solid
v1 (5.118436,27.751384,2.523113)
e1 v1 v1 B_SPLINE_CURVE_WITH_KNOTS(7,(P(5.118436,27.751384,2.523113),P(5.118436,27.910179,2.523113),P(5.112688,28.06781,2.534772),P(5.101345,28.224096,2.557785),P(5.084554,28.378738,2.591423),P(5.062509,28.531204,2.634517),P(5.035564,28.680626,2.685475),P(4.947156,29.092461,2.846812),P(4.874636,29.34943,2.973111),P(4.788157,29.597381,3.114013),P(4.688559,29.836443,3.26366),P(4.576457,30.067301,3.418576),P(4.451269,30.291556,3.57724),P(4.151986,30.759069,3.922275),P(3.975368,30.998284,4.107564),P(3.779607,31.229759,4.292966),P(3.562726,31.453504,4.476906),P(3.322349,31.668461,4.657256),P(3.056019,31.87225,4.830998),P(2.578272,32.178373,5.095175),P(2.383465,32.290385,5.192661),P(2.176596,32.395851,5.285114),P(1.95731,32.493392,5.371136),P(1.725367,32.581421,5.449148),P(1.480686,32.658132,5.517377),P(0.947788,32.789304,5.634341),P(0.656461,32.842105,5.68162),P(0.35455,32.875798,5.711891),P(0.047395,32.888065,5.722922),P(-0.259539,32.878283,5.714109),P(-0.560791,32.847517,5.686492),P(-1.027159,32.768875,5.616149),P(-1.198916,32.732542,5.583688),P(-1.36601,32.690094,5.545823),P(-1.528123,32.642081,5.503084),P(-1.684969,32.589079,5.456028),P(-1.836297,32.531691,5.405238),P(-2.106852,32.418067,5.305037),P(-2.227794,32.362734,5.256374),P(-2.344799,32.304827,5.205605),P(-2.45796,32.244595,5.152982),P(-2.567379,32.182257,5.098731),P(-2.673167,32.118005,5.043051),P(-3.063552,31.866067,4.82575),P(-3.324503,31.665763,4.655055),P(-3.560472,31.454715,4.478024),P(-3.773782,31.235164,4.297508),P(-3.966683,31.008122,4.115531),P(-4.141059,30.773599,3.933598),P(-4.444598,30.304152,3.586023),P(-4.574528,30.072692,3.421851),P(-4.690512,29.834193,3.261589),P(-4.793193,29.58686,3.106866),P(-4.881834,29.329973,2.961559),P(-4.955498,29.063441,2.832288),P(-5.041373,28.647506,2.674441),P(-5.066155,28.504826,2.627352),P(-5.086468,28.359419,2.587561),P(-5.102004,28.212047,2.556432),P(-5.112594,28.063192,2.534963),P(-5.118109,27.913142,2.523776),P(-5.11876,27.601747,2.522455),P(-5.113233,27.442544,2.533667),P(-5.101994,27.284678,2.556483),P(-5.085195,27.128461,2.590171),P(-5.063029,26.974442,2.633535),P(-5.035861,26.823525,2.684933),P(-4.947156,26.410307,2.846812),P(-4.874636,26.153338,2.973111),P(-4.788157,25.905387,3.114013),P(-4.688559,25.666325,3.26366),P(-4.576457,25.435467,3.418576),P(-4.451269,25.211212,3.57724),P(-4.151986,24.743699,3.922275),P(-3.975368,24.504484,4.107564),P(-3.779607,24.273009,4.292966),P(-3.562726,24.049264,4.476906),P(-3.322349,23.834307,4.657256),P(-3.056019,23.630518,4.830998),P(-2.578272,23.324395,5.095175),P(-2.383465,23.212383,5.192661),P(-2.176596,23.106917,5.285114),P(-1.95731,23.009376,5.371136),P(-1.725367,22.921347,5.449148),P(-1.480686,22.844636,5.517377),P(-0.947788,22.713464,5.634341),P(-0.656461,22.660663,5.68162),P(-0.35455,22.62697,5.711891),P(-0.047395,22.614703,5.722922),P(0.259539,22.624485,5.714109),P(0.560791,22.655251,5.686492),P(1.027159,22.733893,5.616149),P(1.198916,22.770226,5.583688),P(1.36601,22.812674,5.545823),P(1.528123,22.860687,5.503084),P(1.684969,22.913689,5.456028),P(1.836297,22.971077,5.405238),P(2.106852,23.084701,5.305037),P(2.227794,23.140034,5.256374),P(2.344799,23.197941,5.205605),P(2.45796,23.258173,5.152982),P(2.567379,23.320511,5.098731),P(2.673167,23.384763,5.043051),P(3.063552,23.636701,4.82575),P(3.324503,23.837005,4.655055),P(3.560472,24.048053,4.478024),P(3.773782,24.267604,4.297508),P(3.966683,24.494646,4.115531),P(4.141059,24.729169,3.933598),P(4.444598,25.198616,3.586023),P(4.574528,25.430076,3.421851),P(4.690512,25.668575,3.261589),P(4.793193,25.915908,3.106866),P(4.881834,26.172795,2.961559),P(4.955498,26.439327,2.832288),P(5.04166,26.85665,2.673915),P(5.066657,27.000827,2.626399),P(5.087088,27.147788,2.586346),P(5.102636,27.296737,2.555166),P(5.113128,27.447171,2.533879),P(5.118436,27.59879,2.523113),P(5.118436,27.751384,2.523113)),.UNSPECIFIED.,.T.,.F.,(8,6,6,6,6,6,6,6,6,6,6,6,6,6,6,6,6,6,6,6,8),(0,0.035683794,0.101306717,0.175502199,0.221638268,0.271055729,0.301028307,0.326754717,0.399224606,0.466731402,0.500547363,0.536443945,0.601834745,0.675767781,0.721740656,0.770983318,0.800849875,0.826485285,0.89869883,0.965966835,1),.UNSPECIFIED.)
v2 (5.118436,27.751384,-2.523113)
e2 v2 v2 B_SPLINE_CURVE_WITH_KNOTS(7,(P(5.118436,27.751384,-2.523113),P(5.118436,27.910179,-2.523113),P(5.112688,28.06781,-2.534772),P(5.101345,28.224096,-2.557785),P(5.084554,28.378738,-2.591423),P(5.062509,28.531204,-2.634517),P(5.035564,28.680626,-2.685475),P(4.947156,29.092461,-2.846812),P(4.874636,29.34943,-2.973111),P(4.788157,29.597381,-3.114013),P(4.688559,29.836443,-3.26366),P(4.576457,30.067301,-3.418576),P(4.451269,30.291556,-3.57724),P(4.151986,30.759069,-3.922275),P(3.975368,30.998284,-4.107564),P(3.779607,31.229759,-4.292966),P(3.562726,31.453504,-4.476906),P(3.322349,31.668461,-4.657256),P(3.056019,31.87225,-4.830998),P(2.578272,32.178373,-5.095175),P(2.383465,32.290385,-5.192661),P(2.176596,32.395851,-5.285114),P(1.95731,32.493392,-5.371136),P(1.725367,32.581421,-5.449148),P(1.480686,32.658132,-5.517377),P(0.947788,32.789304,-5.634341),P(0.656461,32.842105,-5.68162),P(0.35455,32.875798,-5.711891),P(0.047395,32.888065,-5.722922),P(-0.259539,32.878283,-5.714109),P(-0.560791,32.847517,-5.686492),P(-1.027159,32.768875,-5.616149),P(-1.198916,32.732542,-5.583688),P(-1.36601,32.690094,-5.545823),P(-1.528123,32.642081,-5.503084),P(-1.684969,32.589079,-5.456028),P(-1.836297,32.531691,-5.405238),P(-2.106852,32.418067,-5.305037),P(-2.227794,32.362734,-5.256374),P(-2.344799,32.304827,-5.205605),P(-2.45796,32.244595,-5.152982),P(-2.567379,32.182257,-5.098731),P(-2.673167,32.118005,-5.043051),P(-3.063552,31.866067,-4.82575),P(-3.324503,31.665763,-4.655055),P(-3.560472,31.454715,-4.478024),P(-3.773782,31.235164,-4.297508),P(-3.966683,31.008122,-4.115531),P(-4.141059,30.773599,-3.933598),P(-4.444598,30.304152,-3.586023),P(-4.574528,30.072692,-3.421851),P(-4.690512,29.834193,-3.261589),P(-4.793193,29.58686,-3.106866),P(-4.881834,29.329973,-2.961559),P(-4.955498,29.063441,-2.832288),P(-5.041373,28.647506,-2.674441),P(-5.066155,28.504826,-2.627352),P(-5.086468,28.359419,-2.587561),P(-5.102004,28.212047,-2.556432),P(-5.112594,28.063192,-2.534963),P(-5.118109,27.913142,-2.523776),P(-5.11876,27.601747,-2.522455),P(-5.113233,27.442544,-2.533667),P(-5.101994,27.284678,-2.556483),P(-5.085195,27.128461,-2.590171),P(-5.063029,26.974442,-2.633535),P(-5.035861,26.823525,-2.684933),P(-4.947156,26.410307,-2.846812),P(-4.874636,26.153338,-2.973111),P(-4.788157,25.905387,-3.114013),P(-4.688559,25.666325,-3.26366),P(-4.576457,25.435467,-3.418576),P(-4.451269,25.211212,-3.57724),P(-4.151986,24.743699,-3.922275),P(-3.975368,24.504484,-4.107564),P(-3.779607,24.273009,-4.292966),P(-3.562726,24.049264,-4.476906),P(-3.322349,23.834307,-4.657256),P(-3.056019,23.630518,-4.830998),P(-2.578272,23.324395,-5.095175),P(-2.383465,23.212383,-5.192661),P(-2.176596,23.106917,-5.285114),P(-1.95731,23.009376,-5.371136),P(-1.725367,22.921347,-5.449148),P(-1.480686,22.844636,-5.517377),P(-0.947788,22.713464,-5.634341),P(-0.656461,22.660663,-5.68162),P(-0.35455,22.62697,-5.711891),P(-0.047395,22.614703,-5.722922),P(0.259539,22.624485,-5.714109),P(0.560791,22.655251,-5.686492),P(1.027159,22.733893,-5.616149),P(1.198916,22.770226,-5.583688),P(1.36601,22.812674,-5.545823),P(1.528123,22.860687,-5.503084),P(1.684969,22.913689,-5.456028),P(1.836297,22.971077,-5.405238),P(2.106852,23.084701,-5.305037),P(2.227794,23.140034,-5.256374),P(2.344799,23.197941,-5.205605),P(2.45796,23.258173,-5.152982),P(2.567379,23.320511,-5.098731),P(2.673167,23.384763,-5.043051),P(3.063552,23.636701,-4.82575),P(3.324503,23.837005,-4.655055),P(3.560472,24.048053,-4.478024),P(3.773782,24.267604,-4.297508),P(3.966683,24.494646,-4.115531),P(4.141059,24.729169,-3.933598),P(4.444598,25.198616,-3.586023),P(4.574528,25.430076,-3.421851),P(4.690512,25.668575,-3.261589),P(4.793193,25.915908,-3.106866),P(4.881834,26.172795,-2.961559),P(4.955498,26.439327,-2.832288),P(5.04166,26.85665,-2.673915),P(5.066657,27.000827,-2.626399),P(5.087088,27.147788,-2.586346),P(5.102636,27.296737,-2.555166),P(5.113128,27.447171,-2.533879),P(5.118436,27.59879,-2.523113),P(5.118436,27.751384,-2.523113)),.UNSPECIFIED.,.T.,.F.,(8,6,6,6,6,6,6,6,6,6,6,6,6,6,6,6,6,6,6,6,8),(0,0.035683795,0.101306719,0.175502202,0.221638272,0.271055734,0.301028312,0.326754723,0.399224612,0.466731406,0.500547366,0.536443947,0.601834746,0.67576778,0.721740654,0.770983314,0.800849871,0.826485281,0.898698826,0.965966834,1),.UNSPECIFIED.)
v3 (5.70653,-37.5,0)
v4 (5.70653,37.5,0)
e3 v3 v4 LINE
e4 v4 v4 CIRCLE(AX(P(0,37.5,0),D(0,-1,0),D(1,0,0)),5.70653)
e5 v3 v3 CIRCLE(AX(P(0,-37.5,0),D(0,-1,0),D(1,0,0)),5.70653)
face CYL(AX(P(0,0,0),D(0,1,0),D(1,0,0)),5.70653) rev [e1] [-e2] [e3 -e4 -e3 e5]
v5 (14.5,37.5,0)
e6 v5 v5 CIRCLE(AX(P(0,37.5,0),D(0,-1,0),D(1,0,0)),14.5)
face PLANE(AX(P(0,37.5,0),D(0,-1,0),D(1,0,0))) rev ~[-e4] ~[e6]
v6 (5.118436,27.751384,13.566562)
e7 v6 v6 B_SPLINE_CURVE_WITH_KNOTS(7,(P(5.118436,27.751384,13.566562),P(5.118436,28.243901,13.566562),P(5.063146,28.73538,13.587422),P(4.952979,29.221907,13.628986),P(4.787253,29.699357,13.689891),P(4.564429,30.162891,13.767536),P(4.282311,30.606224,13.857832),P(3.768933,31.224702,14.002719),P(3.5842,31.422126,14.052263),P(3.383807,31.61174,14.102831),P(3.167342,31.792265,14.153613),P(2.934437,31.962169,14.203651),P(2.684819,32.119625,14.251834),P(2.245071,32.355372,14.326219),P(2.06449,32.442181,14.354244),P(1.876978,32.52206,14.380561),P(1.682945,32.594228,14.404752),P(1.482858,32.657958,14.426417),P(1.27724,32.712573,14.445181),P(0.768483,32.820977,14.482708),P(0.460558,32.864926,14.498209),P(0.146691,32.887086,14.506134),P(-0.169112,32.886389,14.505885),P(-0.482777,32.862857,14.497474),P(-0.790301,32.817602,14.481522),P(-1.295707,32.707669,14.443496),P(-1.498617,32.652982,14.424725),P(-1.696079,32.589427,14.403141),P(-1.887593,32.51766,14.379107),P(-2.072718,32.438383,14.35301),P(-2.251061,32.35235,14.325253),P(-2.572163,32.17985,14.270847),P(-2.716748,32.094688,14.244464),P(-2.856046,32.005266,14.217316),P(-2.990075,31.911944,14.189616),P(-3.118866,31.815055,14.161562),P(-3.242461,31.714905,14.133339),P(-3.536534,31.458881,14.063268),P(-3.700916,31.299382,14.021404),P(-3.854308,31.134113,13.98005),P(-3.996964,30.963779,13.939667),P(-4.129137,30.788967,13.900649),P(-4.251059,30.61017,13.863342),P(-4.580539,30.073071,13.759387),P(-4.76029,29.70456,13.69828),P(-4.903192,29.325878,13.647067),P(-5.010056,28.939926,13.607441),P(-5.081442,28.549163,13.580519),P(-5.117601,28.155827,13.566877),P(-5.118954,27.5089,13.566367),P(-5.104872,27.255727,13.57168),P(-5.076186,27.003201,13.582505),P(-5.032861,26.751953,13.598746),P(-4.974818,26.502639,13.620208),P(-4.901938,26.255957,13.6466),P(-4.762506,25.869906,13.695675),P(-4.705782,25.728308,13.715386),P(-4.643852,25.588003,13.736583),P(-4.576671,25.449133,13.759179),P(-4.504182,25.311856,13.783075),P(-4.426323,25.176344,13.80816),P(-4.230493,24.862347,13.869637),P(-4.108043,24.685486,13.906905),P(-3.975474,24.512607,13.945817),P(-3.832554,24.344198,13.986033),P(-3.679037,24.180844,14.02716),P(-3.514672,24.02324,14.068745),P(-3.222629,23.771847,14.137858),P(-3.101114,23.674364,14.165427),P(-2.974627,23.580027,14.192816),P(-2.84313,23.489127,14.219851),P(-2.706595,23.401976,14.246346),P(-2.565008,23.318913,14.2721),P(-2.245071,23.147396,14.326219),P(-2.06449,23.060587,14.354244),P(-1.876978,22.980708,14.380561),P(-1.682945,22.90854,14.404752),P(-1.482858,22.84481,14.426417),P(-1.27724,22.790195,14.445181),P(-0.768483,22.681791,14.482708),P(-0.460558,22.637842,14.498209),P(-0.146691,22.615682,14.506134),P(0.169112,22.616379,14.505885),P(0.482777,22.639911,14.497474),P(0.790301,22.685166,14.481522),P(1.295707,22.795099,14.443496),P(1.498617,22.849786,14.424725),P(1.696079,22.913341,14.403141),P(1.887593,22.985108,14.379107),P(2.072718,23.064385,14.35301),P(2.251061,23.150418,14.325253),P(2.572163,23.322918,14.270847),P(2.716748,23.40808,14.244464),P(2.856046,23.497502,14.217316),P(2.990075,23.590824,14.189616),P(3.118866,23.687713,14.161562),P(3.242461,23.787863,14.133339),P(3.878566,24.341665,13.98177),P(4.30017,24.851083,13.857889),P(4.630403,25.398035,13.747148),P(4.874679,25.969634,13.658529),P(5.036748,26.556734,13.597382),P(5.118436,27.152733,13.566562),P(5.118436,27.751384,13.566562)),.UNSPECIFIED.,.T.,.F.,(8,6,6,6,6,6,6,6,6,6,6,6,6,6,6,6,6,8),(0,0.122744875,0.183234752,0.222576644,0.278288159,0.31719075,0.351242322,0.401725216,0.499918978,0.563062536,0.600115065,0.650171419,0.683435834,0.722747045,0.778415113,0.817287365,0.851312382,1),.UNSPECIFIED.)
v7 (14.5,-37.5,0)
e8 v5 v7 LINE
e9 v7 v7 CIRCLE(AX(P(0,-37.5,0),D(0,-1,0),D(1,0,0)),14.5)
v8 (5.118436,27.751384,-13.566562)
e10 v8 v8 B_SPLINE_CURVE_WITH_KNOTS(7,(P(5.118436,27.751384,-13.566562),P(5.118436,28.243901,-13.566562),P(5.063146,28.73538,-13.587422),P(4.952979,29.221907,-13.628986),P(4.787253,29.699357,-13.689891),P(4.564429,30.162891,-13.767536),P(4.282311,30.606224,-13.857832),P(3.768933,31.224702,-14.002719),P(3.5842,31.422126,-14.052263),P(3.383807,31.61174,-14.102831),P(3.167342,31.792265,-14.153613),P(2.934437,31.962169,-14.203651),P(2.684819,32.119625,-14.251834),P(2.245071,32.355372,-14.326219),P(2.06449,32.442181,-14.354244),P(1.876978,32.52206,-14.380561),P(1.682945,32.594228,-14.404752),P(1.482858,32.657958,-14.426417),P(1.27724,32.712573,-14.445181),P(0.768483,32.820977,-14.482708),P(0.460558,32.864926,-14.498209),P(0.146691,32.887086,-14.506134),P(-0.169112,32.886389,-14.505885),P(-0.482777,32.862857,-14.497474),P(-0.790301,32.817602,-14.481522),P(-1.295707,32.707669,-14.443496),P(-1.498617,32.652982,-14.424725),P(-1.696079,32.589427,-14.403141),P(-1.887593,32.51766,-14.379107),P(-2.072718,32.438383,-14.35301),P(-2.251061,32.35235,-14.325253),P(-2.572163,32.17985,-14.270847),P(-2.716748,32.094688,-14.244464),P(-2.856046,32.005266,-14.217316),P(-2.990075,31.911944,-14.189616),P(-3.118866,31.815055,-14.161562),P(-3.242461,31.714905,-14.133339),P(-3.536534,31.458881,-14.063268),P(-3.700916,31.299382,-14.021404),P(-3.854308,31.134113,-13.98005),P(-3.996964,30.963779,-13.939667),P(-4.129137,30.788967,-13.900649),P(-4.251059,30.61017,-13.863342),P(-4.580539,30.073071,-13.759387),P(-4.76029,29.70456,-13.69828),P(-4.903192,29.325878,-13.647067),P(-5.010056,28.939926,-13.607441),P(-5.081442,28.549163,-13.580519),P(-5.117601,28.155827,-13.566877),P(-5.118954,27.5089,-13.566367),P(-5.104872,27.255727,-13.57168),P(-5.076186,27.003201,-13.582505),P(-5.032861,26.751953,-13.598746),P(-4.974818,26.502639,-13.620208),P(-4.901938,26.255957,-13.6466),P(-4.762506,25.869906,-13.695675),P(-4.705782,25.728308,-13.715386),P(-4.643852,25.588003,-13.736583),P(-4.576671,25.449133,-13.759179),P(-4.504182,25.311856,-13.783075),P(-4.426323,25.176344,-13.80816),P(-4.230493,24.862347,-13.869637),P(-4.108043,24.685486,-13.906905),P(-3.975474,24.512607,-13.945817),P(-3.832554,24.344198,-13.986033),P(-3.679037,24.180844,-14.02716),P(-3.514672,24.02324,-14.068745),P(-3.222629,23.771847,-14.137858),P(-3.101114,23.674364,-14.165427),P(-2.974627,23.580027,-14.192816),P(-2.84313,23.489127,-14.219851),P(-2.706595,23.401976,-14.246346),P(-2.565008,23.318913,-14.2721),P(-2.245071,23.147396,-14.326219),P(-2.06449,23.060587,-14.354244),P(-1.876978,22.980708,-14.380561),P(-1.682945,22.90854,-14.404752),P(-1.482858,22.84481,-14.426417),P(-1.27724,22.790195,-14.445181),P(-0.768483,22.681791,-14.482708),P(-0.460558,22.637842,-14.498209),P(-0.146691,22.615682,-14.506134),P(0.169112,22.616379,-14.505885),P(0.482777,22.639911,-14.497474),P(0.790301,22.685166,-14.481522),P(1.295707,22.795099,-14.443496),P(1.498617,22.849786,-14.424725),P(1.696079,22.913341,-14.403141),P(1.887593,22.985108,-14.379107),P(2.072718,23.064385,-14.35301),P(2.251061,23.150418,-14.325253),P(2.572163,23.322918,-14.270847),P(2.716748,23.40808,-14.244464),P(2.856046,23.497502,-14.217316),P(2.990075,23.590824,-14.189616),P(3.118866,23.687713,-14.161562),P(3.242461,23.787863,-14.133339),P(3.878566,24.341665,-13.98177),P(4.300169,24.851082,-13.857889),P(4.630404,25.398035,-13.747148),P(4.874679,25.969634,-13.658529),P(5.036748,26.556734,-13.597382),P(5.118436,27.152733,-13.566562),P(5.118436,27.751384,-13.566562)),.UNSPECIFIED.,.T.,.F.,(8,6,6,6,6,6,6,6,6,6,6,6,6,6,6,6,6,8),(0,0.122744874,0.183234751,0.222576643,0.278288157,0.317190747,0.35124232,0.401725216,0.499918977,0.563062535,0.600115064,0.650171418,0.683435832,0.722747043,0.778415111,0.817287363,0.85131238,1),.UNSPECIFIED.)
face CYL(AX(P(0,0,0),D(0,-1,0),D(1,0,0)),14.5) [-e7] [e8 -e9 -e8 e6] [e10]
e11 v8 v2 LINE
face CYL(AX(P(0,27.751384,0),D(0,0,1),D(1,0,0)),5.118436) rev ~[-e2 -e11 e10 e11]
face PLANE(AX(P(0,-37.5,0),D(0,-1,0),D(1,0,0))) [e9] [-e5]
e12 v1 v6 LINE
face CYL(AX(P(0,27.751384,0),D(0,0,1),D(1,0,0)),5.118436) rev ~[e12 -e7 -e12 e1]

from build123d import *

# Parameters (mm, degrees)
F0_R     = 14.5
F0_R_2   = 5.70653
F1_DEPTH = 37.5
F2_R     = 5.118436
F3_DEPTH = 15


with BuildPart() as f1:
    # F0 (on Front) → F1 (new body, symmetric)
    with BuildSketch(Plane.XZ):
        Circle(F0_R)
        Circle(F0_R_2, mode=Mode.SUBTRACT)
    extrude(amount=F1_DEPTH, both=True)

    # F2 (on Top) → F3 (cut, symmetric)
    with BuildSketch(Plane.XY):
        with Locations((0, 27.751384)):
            Circle(F2_R)
    extrude(amount=F3_DEPTH, both=True, mode=Mode.SUBTRACT)


solid = f1.part
